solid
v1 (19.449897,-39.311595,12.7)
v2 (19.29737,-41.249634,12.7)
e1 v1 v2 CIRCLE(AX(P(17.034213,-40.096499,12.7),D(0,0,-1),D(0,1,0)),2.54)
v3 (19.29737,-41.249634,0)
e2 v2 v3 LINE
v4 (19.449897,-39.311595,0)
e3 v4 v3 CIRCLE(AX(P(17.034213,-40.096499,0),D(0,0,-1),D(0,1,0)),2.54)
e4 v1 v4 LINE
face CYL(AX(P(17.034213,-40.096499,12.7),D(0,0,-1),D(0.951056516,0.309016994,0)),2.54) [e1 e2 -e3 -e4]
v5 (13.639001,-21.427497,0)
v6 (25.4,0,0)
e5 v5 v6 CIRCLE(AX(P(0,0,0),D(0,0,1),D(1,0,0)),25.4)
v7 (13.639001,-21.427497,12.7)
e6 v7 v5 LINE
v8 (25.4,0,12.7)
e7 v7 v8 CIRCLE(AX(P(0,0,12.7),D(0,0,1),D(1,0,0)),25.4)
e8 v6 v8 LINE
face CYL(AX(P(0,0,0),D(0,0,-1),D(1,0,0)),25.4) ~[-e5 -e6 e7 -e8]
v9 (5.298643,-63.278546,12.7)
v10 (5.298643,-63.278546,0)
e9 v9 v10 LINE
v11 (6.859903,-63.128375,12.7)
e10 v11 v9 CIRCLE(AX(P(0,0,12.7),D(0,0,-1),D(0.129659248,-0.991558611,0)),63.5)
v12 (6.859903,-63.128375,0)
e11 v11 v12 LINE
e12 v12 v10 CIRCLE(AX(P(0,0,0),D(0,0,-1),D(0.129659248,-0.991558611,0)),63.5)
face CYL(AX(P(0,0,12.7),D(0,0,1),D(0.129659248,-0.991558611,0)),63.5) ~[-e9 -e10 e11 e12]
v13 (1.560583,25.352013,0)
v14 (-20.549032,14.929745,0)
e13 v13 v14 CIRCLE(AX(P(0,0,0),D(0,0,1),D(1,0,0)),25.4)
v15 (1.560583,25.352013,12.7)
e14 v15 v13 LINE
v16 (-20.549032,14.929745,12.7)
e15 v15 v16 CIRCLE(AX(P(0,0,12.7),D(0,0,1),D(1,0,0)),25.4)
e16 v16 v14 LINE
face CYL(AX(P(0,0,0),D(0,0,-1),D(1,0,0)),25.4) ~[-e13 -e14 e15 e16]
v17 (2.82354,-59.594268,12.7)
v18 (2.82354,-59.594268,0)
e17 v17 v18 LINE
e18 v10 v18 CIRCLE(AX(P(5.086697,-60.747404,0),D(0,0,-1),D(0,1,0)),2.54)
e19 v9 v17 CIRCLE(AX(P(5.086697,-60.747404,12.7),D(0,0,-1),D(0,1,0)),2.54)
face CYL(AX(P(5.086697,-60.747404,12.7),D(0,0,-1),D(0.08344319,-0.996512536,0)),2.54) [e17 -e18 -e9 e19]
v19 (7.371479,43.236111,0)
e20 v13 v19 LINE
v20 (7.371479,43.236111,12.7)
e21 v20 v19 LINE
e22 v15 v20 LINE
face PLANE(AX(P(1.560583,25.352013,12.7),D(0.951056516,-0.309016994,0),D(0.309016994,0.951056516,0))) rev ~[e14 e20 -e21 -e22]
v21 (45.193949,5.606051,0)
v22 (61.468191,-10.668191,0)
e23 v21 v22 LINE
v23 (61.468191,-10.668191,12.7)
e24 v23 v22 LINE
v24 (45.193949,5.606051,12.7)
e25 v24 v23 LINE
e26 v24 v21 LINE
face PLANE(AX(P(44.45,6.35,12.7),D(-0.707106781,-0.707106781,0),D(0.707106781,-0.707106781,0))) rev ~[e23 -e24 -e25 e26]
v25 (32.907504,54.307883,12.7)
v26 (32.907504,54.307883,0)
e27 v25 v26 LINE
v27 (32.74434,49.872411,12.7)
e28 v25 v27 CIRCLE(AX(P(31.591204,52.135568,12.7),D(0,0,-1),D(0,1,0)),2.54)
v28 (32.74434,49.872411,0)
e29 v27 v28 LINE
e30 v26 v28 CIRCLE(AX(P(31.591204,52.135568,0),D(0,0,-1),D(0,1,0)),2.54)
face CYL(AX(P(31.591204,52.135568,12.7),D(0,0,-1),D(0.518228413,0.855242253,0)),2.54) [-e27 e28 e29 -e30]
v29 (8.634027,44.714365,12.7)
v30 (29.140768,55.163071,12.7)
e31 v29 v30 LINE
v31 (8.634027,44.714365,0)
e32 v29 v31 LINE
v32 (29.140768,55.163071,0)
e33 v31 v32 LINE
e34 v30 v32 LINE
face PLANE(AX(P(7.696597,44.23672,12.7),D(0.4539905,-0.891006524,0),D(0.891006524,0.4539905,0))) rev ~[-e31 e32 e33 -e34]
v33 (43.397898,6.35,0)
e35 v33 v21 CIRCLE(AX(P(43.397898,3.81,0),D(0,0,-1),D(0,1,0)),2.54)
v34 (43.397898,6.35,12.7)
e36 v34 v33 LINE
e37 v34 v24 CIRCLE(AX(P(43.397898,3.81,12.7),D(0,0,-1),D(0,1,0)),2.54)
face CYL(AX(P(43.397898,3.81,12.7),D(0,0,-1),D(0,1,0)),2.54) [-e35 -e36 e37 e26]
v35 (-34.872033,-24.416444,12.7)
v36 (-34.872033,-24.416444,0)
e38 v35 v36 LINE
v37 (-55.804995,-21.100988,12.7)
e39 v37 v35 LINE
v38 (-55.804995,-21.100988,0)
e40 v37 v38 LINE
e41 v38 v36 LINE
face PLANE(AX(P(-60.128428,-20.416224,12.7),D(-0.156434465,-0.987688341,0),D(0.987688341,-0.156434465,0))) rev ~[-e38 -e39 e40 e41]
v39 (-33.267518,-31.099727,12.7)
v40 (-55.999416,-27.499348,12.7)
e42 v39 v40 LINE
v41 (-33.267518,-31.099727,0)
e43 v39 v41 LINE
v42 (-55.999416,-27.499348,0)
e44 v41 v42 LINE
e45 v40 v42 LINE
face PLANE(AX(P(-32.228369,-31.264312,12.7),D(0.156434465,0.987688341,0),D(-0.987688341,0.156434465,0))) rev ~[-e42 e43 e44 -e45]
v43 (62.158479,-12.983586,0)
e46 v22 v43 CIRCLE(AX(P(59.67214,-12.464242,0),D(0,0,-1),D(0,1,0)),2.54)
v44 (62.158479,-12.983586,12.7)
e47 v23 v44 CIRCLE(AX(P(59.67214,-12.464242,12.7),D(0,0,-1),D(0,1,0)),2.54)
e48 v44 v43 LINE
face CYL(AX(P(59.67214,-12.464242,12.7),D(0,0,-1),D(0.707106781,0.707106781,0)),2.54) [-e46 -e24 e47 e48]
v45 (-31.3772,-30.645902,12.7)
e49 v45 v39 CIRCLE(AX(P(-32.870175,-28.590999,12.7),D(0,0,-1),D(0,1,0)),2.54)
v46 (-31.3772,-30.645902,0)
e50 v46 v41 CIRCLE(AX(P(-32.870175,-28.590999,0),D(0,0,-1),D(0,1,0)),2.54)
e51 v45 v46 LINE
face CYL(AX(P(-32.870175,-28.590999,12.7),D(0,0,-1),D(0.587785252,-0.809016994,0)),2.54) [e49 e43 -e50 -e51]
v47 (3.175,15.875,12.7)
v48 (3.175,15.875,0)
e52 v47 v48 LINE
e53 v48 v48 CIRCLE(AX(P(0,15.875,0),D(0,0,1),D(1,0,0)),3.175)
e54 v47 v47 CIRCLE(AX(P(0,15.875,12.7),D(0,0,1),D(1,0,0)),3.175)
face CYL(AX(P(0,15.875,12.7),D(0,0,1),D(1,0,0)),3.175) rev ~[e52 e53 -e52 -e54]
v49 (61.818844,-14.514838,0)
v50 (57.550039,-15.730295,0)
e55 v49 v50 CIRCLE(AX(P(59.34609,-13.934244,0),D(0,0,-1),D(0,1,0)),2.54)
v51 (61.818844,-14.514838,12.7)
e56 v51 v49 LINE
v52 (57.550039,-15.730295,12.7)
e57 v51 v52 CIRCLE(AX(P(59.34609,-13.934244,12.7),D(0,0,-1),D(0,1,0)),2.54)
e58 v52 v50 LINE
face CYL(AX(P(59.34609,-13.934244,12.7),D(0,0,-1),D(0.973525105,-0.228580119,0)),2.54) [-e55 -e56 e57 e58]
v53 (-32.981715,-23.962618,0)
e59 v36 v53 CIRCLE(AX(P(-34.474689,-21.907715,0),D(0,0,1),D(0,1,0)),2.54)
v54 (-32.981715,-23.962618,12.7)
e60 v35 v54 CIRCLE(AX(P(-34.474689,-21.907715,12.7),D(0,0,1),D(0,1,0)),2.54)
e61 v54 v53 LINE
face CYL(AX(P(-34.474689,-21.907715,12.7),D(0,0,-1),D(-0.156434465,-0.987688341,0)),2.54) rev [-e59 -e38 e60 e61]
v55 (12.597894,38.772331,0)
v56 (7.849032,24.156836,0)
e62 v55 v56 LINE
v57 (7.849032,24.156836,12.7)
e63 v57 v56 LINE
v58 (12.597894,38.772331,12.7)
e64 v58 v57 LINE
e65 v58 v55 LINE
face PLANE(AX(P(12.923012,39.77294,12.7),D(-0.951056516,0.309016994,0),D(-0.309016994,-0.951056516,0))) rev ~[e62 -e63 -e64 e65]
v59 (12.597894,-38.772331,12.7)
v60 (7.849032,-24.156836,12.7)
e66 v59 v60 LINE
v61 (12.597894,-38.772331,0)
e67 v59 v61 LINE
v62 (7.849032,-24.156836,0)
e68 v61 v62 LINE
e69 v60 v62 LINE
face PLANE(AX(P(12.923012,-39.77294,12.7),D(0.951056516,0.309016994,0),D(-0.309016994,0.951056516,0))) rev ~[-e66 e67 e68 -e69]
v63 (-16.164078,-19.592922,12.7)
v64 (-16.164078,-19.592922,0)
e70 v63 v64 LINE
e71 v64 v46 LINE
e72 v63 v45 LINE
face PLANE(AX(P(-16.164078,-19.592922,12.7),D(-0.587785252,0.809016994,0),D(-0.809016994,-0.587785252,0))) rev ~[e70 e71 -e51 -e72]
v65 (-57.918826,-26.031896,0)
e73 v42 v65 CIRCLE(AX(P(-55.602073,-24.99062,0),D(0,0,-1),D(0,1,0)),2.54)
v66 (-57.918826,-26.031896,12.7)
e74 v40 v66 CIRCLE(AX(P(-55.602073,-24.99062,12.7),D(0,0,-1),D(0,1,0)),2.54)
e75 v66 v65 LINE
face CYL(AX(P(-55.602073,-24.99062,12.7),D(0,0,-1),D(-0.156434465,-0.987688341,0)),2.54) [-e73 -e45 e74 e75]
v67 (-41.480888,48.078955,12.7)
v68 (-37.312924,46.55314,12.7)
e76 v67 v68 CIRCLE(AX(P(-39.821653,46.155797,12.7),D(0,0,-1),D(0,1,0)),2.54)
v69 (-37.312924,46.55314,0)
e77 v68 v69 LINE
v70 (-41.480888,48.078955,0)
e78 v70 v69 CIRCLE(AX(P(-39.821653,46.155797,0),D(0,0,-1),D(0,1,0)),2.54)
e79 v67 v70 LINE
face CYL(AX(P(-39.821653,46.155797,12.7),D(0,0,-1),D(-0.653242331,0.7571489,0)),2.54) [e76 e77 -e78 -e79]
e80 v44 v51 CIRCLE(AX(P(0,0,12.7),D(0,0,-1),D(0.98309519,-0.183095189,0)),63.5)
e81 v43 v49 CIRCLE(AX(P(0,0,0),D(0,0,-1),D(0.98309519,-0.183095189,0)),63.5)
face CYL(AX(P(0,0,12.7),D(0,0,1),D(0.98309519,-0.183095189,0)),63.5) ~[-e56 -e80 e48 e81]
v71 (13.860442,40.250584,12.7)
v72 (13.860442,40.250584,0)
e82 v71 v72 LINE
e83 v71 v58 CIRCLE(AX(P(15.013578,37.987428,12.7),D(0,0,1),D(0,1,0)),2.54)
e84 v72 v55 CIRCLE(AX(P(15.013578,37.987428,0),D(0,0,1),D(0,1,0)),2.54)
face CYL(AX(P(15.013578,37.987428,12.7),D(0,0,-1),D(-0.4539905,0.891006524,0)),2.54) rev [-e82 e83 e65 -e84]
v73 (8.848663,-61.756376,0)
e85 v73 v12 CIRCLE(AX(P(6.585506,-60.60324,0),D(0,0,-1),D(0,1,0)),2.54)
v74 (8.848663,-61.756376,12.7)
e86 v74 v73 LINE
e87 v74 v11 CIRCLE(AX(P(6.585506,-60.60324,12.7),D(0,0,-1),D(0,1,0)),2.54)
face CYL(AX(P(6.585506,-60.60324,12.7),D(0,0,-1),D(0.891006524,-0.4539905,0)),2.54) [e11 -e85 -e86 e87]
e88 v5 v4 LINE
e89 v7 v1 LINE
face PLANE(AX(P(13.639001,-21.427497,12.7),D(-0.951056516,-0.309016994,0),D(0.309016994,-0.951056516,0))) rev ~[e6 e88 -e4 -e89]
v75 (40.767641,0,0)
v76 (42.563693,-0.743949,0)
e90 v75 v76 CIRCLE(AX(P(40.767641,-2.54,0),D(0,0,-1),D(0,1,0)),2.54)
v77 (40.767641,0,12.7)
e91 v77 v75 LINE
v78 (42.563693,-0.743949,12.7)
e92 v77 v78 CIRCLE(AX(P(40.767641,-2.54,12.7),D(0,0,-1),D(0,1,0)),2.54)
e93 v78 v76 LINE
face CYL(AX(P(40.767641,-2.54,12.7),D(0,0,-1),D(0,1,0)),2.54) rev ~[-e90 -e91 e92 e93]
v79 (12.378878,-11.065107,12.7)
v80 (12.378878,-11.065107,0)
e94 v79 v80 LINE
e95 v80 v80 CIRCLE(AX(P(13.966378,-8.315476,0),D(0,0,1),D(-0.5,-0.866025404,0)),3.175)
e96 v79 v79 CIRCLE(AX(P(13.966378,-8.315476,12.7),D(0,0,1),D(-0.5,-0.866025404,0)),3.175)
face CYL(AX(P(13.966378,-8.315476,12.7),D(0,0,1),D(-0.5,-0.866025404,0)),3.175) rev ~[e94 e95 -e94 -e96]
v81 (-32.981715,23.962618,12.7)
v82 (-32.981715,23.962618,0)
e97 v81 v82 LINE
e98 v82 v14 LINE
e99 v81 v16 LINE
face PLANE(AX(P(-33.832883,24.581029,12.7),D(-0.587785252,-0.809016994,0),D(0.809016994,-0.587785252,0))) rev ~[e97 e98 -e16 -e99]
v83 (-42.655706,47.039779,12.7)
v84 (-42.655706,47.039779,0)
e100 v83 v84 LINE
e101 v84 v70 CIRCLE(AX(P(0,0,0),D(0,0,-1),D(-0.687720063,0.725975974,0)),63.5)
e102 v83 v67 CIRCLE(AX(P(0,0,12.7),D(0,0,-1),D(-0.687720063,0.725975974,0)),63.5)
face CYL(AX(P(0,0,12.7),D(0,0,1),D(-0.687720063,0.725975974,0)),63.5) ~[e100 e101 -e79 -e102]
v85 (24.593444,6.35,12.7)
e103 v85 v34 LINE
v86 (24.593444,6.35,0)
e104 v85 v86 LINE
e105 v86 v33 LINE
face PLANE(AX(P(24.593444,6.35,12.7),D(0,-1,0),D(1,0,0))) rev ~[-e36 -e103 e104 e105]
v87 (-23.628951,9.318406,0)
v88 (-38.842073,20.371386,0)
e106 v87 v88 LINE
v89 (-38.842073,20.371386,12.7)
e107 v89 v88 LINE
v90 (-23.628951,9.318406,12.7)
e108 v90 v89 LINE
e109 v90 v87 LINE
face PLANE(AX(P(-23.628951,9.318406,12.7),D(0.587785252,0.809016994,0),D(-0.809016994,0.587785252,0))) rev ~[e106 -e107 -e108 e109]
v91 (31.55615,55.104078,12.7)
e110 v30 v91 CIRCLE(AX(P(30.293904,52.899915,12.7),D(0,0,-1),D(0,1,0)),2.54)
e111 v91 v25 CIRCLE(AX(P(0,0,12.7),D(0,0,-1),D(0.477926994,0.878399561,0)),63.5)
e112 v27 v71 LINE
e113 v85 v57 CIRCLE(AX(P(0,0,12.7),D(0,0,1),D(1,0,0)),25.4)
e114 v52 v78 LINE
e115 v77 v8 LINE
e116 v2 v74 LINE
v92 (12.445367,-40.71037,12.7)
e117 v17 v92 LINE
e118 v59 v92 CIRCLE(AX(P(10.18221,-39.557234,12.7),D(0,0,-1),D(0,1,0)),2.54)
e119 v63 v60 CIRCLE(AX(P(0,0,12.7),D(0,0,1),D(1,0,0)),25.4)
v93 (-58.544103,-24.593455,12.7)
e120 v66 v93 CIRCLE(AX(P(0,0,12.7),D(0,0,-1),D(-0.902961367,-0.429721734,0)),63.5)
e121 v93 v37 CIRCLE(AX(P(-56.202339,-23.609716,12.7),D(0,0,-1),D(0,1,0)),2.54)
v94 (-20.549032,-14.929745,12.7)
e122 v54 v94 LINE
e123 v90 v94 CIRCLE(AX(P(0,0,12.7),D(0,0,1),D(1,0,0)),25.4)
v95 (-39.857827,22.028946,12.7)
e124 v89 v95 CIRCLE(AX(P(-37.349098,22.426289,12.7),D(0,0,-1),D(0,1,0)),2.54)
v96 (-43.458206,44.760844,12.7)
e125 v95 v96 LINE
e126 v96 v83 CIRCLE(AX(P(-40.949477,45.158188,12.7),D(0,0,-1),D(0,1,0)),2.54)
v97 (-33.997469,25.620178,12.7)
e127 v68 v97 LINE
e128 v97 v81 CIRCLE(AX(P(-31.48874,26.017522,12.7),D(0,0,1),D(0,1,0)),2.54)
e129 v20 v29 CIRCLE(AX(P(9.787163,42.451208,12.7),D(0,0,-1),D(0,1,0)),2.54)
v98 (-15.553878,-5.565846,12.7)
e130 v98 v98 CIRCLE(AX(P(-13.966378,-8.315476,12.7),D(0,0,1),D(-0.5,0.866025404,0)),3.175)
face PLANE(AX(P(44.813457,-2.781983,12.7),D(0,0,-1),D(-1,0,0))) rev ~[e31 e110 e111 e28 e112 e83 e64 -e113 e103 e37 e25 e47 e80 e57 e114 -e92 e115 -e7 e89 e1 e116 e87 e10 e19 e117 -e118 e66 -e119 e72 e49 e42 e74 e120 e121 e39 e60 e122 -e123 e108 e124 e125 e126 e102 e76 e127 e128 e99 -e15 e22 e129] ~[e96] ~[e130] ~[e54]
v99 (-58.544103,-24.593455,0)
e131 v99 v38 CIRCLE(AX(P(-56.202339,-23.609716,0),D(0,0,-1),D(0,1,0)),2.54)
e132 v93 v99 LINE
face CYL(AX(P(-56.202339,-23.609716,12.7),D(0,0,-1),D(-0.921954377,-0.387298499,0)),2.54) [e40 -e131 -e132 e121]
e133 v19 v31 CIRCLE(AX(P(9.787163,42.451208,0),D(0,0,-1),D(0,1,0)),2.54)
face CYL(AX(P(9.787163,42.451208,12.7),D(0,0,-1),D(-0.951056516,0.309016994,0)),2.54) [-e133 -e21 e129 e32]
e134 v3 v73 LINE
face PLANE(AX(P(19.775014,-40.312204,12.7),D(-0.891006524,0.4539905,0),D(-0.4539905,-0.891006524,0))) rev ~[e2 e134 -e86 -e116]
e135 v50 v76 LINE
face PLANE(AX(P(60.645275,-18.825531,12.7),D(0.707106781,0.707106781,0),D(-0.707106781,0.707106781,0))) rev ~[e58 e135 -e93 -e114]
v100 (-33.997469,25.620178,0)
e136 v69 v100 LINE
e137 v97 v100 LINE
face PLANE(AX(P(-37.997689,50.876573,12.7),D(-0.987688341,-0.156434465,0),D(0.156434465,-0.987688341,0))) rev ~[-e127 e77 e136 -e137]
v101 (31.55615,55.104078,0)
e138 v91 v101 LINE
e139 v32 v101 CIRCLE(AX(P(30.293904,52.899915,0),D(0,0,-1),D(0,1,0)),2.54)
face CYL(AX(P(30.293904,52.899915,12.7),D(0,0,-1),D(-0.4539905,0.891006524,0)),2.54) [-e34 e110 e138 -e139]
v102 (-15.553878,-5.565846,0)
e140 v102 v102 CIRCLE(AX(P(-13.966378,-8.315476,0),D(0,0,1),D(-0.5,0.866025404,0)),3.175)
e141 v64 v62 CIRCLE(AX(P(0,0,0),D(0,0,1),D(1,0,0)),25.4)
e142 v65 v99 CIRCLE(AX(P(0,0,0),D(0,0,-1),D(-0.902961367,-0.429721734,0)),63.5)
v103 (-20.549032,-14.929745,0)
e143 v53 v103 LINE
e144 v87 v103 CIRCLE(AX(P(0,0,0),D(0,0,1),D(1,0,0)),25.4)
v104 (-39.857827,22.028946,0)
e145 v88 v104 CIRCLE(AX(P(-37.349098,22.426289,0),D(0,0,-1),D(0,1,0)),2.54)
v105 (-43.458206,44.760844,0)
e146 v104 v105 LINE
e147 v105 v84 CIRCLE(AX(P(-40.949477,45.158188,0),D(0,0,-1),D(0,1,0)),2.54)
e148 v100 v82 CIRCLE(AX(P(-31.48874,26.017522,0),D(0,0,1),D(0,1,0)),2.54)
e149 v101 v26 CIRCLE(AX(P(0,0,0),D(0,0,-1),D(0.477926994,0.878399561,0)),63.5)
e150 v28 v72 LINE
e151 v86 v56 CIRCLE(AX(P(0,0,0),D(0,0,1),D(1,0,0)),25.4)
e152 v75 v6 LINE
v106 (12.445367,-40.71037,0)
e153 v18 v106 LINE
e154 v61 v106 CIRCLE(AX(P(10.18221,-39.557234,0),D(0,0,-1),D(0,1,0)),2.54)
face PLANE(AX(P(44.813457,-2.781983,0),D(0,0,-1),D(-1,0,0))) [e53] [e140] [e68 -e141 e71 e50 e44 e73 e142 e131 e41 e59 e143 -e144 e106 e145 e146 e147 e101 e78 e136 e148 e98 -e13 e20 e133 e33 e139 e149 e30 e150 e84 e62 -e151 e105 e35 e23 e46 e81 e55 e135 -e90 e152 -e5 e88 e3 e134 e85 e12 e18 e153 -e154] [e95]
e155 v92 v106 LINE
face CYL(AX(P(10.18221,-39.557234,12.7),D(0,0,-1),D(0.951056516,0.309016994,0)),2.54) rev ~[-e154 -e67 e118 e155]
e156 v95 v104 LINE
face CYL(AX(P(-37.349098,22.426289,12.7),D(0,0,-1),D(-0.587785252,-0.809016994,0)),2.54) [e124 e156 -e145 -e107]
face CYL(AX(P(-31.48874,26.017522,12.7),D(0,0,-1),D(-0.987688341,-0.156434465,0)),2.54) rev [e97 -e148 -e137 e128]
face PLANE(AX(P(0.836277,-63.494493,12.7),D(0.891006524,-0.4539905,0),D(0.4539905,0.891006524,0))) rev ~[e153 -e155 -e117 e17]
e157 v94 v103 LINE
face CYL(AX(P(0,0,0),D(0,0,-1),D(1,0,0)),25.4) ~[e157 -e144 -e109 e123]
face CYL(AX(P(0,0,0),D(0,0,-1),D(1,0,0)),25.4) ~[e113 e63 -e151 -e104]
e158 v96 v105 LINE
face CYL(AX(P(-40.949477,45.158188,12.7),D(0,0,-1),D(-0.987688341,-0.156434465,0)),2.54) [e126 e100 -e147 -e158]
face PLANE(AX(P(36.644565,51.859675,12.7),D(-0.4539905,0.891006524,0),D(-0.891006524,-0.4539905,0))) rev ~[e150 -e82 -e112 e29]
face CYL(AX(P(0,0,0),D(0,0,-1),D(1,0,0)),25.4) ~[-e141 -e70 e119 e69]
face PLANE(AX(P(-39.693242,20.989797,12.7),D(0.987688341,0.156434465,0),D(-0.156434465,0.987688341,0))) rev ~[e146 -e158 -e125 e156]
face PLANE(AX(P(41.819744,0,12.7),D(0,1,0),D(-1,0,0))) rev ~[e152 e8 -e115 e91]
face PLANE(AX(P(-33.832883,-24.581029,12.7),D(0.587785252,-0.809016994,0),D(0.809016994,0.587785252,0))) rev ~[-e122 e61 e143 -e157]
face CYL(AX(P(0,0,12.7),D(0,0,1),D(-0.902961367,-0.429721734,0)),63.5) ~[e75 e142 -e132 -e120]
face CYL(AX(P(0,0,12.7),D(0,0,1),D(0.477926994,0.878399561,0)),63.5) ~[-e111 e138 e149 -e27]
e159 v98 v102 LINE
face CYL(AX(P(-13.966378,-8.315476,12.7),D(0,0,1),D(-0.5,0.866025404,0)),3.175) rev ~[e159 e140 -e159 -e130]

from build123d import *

# Parameters (mm, degrees)
SKETCH1_R                = 25.4
HUB_MAIN_DEPTH           = 12.7
SKETCH2_R                = 3.175
HUB_BOLT_HOLES_DEPTH     = 13.7
CIRPATTERN1_COUNT        = 3
LEG_DEPTH                = 12.7
FILLET1_R                = 2.54
CIRPATTERN2_COUNT        = 5
FILLET1_OF_CIRPATTERN2_R = 2.54


with BuildPart() as part:
    # Sketch1 → Hub main (new body)
    with BuildSketch(Plane.XY):
        Circle(SKETCH1_R)
    extrude(amount=HUB_MAIN_DEPTH)

    # Sketch2 → Hub bolt holes (cut, through all)
    with BuildSketch(Plane.XY.offset(12.7)):
        with Locations((0, 15.875)):
            Circle(SKETCH2_R)
    hub_bolt_holes = extrude(amount=-HUB_BOLT_HOLES_DEPTH, mode=Mode.SUBTRACT)

    # CirPattern1: Hub bolt holes ×3 about axis
    cirpattern1_axis = Axis((0, -0.251984127, 0), (0, 0, 1))
    for i in range(1, CIRPATTERN1_COUNT):
        add(hub_bolt_holes.rotate(cirpattern1_axis, i * 360 / CIRPATTERN1_COUNT), mode=Mode.SUBTRACT)

    # Sketch4 → leg (add)
    with BuildSketch(Plane.XY.offset(12.7)):
        with BuildLine():
            Line((24.593444248, 6.35), (44.45, 6.35))
            Line((44.45, 6.35), (62.426544532, -11.626544532))
            ThreePointArc((62.426544532, -11.626544532), (61.641094588, -15.252064058), (60.645274989, -18.82553111))
            Line((60.645274989, -18.82553111), (41.819743879, 0))
            Line((41.819743879, 0), (25.4, 0))
            ThreePointArc((25.4, 0), (25.197554285, 3.200509029), (24.593444248, 6.35))
        make_face()
    leg = extrude(amount=-LEG_DEPTH)

    # Fillet1
    fillet1_edges = [part.edges().sort_by_distance(p)[0] for p in [
        (41.819743879, 0, 6.35),
        (44.45, 6.35, 6.35),
        (62.426544532, -11.626544532, 6.35),
        (60.645274989, -18.82553111, 6.35),
    ]]
    fillet(fillet1_edges, radius=FILLET1_R)

    # CirPattern2: leg ×5 about axis
    cirpattern2_axis = Axis((0, 0, 0), (0, 0, 1))
    for i in range(1, CIRPATTERN2_COUNT):
        add(leg.rotate(cirpattern2_axis, i * 360 / CIRPATTERN2_COUNT))

    # Fillet1 of CirPattern2
    fillet1_of_cirpattern2_edges = [part.edges().sort_by_distance(p)[0] for p in [
        (12.923011559, 39.772939926, 6.35),
        (7.696596521, 44.236720064, 6.35),
        (30.3483641, 55.778372121, 6.35),
        (36.644564635, 51.859674919, 6.35),
        (-33.832883498, 24.581028707, 6.35),
        (-39.693241752, 20.98979655, 6.35),
        (-43.670224016, 46.09947434, 6.35),
        (-37.997688541, 50.876572855, 6.35),
        (-33.832883498, -24.581028707, 6.35),
        (-32.228369048, -31.264312379, 6.35),
        (-57.338046838, -27.287330115, 6.35),
        (-60.128427647, -20.416223664, 6.35),
        (12.923011559, -39.772939926, 6.35),
        (19.775014278, -40.312204235, 6.35),
        (8.233362221, -62.963971814, 6.35),
        (0.836276565, -63.494493001, 6.35),
    ]]
    fillet(fillet1_of_cirpattern2_edges, radius=FILLET1_OF_CIRPATTERN2_R)


solid = part.part
